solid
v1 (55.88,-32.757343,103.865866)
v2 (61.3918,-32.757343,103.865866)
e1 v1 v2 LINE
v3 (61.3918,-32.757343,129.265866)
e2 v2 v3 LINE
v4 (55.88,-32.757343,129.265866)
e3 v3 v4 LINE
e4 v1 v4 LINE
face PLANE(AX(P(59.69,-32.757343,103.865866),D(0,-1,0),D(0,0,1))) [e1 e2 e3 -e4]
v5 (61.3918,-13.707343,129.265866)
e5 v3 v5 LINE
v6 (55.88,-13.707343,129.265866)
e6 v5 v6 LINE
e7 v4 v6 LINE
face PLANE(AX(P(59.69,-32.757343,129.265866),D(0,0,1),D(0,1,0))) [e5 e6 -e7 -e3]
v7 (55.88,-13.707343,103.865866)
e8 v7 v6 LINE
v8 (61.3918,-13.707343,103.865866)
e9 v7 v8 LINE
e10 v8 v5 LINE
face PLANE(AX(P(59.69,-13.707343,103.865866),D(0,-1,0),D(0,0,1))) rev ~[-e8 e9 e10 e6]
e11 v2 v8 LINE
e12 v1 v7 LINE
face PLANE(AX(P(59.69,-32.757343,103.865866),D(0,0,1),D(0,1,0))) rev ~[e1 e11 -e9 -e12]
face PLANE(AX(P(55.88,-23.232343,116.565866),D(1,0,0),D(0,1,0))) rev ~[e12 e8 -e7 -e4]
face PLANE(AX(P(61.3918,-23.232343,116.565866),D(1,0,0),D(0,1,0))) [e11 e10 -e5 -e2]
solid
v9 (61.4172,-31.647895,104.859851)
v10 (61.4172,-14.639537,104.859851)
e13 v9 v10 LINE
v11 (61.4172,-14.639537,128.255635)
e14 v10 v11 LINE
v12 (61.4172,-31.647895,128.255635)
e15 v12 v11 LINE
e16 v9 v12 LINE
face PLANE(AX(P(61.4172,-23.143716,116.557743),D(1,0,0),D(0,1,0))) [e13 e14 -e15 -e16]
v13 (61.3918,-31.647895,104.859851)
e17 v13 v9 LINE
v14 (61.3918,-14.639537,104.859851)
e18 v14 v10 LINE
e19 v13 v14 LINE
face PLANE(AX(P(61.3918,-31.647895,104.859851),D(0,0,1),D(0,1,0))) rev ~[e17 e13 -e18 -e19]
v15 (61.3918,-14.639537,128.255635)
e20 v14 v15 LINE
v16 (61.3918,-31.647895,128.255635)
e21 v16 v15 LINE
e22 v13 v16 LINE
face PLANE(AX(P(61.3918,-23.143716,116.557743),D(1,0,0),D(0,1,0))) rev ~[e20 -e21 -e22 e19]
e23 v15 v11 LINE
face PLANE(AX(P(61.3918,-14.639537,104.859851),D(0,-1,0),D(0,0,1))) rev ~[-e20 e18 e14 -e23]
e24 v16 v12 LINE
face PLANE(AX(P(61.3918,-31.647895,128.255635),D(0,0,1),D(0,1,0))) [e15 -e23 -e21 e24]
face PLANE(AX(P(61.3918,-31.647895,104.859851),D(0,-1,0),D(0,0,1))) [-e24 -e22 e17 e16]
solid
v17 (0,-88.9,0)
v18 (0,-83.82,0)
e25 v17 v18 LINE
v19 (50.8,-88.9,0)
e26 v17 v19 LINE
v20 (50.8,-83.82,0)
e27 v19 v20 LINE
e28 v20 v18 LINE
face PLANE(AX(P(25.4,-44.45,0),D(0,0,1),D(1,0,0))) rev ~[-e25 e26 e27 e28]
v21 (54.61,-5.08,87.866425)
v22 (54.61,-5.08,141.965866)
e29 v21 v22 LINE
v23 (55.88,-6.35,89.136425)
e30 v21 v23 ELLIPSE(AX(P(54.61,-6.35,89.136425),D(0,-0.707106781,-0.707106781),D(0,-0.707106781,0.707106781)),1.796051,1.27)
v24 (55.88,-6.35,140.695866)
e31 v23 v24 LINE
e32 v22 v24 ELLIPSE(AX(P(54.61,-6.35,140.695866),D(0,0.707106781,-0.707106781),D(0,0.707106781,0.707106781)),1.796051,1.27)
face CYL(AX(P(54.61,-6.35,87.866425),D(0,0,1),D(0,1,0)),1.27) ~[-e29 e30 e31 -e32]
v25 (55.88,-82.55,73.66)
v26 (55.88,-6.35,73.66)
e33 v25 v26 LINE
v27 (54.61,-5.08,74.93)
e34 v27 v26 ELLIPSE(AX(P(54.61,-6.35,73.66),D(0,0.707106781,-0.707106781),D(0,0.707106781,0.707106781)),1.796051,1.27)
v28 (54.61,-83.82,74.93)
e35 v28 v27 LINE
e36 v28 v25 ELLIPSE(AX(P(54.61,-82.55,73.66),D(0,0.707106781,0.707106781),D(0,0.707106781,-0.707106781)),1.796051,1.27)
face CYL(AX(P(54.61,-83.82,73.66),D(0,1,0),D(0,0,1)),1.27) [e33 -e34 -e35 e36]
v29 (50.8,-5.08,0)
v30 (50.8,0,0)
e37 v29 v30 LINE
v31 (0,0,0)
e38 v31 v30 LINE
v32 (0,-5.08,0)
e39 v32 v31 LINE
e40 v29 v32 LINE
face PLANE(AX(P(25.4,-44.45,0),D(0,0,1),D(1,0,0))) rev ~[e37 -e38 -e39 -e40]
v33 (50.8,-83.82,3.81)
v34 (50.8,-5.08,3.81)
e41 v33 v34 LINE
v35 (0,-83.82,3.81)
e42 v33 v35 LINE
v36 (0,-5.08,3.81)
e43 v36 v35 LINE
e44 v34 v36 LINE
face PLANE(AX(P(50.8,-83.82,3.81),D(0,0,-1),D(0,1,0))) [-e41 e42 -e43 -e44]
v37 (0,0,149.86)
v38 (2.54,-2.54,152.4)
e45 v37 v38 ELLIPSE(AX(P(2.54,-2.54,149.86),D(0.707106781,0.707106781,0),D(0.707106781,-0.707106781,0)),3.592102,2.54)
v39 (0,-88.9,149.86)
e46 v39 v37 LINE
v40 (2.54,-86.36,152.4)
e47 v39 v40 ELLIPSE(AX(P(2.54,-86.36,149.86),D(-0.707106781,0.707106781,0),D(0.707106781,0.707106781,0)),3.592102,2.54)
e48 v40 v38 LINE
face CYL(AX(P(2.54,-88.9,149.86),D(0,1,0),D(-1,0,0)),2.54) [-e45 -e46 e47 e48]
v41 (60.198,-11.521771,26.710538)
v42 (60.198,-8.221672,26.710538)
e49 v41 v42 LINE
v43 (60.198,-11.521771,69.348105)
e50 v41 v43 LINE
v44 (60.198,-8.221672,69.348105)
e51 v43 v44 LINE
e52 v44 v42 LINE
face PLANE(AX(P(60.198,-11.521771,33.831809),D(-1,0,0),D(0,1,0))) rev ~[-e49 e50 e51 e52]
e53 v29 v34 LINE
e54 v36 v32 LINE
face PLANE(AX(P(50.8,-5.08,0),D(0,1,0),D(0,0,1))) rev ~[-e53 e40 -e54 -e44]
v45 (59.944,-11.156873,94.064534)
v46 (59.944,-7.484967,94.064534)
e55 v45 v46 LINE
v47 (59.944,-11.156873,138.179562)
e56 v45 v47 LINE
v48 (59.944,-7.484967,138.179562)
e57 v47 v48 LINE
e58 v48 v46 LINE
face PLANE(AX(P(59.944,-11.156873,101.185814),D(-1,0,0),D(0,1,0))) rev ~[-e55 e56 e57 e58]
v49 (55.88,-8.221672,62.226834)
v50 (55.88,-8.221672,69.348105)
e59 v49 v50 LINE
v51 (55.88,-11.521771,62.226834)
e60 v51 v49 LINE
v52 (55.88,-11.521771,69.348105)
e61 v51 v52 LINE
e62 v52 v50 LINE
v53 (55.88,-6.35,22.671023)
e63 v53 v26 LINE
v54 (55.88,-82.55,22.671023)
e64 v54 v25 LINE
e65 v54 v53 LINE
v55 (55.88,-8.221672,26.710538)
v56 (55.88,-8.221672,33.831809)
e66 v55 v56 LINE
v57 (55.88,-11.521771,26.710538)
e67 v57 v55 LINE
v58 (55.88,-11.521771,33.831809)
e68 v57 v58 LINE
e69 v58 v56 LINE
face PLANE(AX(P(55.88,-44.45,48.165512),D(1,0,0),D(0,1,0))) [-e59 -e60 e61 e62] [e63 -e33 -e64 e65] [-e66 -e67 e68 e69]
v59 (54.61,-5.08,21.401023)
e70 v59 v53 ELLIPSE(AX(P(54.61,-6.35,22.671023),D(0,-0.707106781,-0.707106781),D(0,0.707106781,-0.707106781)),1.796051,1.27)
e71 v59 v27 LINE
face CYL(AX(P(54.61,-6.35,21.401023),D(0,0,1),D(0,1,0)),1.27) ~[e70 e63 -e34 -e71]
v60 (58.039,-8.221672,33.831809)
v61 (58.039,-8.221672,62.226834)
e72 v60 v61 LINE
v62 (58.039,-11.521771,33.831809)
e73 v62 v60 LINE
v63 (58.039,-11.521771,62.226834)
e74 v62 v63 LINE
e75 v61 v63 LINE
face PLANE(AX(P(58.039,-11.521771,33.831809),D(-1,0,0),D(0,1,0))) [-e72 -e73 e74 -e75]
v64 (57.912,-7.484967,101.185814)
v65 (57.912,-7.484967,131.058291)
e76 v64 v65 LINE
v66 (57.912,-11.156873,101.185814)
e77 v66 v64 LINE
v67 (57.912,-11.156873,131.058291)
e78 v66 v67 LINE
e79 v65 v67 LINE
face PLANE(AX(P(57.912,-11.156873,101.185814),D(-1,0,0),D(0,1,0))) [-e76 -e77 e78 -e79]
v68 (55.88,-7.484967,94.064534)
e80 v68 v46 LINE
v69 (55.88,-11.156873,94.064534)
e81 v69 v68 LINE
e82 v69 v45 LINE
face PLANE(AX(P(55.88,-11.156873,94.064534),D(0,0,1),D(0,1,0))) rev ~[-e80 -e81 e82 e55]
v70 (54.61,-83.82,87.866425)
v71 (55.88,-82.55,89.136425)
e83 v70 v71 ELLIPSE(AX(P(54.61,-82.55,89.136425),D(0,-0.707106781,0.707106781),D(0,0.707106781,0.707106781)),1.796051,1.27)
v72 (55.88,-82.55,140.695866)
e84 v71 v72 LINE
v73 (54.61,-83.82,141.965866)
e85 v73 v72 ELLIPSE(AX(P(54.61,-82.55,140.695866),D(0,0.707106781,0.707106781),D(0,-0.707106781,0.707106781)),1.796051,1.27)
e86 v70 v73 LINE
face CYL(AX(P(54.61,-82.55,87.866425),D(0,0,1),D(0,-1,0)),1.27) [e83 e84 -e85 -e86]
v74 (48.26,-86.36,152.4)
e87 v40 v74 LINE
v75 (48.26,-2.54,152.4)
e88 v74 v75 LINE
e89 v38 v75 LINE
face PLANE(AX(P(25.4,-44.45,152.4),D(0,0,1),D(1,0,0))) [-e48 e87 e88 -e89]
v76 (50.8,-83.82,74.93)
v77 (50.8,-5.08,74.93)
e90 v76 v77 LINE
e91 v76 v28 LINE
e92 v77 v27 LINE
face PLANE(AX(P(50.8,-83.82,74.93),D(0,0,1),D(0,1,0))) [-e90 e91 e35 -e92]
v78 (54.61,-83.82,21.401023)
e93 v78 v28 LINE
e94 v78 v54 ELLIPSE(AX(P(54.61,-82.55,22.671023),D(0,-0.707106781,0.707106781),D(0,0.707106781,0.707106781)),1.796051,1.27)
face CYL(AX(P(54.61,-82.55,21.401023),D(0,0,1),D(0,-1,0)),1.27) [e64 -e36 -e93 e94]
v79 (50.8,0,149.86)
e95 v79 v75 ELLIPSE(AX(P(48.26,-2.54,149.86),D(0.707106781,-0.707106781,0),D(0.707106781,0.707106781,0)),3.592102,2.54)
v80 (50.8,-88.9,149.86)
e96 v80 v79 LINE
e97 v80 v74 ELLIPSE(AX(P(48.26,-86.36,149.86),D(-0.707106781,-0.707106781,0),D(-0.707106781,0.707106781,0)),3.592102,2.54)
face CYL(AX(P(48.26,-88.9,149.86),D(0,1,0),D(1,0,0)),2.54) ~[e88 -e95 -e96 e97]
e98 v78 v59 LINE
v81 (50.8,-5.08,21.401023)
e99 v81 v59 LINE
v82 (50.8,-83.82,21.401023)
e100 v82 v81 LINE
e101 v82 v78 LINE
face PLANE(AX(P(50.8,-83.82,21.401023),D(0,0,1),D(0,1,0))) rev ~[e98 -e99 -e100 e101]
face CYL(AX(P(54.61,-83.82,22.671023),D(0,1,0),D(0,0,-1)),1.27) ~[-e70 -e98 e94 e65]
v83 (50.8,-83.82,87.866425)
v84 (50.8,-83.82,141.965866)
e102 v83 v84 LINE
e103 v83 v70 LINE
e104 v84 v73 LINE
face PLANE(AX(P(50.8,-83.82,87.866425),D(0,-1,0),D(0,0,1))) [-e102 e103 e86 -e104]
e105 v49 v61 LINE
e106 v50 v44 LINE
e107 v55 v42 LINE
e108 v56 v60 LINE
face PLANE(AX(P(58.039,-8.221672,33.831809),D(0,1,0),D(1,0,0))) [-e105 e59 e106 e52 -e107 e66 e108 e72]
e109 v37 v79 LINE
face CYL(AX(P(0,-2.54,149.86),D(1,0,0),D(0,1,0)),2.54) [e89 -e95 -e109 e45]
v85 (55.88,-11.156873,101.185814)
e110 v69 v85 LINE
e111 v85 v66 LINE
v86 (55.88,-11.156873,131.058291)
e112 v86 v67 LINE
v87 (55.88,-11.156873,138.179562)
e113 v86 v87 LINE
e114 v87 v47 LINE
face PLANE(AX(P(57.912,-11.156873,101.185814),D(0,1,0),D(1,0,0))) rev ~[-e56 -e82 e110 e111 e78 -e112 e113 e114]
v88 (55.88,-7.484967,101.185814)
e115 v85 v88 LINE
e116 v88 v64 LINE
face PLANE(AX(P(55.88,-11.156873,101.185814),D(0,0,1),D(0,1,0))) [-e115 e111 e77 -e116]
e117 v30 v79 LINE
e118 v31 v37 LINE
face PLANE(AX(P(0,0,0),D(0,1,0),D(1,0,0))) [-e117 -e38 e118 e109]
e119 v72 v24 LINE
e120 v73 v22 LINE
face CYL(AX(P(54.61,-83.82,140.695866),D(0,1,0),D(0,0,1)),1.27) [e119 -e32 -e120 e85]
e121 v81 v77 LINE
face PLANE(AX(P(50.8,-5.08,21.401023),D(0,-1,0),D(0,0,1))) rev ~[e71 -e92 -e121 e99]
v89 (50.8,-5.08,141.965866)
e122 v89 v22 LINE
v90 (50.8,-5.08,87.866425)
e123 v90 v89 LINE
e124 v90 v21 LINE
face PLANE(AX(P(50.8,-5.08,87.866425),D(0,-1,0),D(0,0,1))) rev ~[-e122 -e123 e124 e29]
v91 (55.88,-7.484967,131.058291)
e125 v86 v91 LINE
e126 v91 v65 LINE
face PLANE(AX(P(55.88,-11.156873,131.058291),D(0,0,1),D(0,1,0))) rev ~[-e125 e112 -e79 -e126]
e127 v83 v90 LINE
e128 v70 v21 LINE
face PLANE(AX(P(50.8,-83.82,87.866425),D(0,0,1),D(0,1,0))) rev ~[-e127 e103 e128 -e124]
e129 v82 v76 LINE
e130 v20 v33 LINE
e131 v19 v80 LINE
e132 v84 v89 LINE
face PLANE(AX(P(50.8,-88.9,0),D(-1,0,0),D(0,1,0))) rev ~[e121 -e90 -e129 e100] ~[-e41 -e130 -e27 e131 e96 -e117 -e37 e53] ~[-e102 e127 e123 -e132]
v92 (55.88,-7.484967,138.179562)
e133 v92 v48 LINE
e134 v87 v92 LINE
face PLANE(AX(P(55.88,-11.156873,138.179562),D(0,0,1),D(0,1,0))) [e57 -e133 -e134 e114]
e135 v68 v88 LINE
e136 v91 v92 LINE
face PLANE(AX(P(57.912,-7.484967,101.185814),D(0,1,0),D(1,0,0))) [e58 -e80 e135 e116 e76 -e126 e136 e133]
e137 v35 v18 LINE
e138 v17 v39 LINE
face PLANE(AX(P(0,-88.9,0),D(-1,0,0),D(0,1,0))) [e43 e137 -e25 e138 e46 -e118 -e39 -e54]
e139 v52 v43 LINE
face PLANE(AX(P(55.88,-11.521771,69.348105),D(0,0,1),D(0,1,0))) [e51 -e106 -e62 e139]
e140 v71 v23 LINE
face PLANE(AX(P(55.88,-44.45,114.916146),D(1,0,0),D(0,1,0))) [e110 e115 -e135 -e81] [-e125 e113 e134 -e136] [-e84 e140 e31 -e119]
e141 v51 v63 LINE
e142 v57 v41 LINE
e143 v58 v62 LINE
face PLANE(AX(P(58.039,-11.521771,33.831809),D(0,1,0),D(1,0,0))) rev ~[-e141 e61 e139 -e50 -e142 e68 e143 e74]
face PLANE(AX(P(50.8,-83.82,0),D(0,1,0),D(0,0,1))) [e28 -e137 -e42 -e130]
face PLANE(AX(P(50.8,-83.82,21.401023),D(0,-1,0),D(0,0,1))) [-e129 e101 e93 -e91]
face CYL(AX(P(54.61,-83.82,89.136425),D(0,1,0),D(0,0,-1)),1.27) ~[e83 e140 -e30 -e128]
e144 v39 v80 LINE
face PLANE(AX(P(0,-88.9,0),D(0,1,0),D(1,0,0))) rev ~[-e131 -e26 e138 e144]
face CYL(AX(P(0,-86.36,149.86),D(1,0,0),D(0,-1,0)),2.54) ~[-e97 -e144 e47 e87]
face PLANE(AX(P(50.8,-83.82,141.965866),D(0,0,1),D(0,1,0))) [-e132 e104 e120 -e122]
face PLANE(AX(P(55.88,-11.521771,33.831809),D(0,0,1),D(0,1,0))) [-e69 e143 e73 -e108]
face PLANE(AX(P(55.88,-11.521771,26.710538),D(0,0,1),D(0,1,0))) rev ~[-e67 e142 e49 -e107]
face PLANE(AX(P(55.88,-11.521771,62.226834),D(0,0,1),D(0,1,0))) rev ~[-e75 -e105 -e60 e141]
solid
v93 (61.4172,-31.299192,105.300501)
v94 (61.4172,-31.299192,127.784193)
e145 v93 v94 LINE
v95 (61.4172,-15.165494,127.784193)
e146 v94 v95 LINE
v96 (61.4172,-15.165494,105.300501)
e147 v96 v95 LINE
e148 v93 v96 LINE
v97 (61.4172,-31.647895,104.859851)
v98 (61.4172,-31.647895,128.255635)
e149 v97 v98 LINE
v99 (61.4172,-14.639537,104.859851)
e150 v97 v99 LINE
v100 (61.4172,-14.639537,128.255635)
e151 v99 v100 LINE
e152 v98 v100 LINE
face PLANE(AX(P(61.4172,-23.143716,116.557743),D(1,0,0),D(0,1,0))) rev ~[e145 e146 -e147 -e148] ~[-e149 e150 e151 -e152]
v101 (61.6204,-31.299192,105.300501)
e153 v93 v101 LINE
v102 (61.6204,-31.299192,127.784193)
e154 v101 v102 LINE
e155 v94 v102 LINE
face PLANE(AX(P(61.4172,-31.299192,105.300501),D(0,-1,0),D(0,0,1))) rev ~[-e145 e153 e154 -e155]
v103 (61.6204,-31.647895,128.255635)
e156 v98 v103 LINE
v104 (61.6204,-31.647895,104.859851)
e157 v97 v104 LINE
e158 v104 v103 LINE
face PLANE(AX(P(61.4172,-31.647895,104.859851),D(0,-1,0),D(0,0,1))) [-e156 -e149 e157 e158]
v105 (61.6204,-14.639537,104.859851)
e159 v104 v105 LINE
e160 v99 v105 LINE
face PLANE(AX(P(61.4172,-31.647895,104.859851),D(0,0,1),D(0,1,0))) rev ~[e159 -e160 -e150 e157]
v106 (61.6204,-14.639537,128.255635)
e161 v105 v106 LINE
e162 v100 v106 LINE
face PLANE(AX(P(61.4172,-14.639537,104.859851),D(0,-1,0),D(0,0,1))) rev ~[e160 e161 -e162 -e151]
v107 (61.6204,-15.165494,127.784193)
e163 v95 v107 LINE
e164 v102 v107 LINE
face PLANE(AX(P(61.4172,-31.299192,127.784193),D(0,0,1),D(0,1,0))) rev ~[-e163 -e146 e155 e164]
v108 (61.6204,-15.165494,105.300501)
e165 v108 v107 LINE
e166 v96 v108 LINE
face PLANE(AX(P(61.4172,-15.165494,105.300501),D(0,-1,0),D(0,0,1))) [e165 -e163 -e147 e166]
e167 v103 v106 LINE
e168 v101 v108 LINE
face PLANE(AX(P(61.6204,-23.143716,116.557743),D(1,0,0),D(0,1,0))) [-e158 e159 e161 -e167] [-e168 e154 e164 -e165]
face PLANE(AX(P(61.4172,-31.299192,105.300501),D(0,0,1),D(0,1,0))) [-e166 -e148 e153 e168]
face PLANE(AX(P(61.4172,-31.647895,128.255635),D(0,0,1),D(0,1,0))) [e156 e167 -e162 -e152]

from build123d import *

# Parameters (mm, degrees)
F0_W      = 50.8
F0_H      = 88.9
F1_DEPTH  = 152.4
F2_R      = 2.54
F3_W      = 78.74
F3_H      = 54.0994407277
F3_H_2    = 53.5289765078
F4_DEPTH  = 5.08
F5_W      = 78.74
F5_H      = 3.81
F6_DEPTH  = 50.801
F7_W      = 19.05
F7_H      = 25.4
F8_DEPTH  = 3.81
F9_R      = 1.27
F10_W     = 3.6719054915
F10_H     = 7.1212798357
F10_H_2   = 7.121271
F11_DEPTH = 4.064
F12_W     = 2.032
F12_H     = 3.6719054915
F13_DEPTH = 29.9466
F14_W     = 3.3000995283
F14_H     = 7.121271
F15_DEPTH = 4.318
F16_W     = 2.159
F16_H     = 3.3000995283
F17_DEPTH = 28.702
F18_DEPTH = 1.7018
F19_W     = 17.0083576813
F19_H     = 23.3957841992
F20_DEPTH = 0.0254
F21_W     = 17.0083576813
F21_H     = 23.3957841992
F21_W_2   = 16.1336986348
F21_H_2   = 22.4836915731
F22_DEPTH = 0.2032


with BuildPart() as f1:
    # F0 (on Top) → F1 (new body)
    with BuildSketch(Plane.XY):
        with Locations((25.4, -44.45)):
            Rectangle(F0_W, F0_H)
    extrude(amount=F1_DEPTH)

    # F2
    f2_edges = [f1.edges().sort_by_distance(p)[0] for p in [
        (50.8, -44.45, 152.4),
        (25.4, -88.9, 152.4),
        (25.4, 0, 152.4),
        (0, -44.45, 152.4),
    ]]
    fillet(f2_edges, radius=F2_R)

    # F3 (on face) → F4 (join)
    with BuildSketch(Plane.YZ.offset(50.8)):
        with Locations((-44.45, 114.9161458015)):
            Rectangle(F3_W, F3_H)
        with Locations((-44.45, 48.1655117461)):
            Rectangle(F3_W, F3_H_2)
    extrude(amount=F4_DEPTH)

    # F5 (on face) → F6 (cut, through all)
    with BuildSketch(Plane.YZ.offset(50.8)):
        with Locations((-44.45, 1.905)):
            Rectangle(F5_W, F5_H)
    extrude(amount=-F6_DEPTH, mode=Mode.SUBTRACT)

    # F9
    f9_edges = [f1.edges().sort_by_distance(p)[0] for p in [
        (55.88, -44.45, 74.93),
        (55.88, -83.82, 48.165512),
        (55.88, -44.45, 21.401023),
        (55.88, -5.08, 48.165512),
        (55.88, -5.08, 114.916146),
        (55.88, -44.45, 87.866425),
        (55.88, -83.82, 114.916146),
        (55.88, -44.45, 141.965866),
    ]]
    fillet(f9_edges, radius=F9_R)

    # F10 (on face) → F11 (join)
    with BuildSketch(Plane.YZ.offset(55.88)):
        with Locations((-9.3209201004, 97.6251736283)):
            Rectangle(F10_W, F10_H)
        with Locations((-9.3209201004, 134.6189261008)):
            Rectangle(F10_W, F10_H_2)
    extrude(amount=F11_DEPTH)

    # F12 (on face) → F13 (join)
    with BuildSketch(Plane.XY.offset(101.1858135462)):
        with Locations((58.928, -9.3209201004)):
            Rectangle(F12_W, F12_H)
    extrude(amount=F13_DEPTH)

    # F14 (on face) → F15 (join)
    with BuildSketch(Plane.YZ.offset(55.88)):
        with Locations((-9.8717217334, 30.2711736936)):
            Rectangle(F14_W, F14_H)
        with Locations((-9.8717217334, 65.7874699682)):
            Rectangle(F14_W, F14_H)
    extrude(amount=F15_DEPTH)

    # F16 (on face) → F17 (join)
    with BuildSketch(Plane.XY.offset(33.8318091936)):
        with Locations((59.1185, -9.8717217334)):
            Rectangle(F16_W, F16_H)
    extrude(amount=F17_DEPTH)


with BuildPart() as f8:
    # F7 (on face) → F8 (new body)
    with BuildSketch(Plane.YZ.offset(55.88)):
        with Locations((-23.2323434122, 116.5658661654)):
            Rectangle(F7_W, F7_H)
    extrude(amount=F8_DEPTH)

    # F18 (add): faces of the model
    f18_faces = [f8.faces().sort_by_distance(p)[0] for p in [
        (59.69, -23.2323434122, 116.5658661654),
        (59.69, -23.2323434122, 116.5658661654),
        (59.69, -23.2323434122, 116.5658661654),
        (59.69, -23.2323434122, 116.5658661654),
    ]]
    extrude(f18_faces, amount=F18_DEPTH)


with BuildPart() as f20:
    # F19 (on face) → F20 (new body)
    with BuildSketch(Plane.YZ.offset(61.3918)):
        with Locations((-23.1437156908, 116.5577434003)):
            Rectangle(F19_W, F19_H)
    extrude(amount=F20_DEPTH)


with BuildPart() as f22:
    # F21 (on face) → F22 (new body)
    with BuildSketch(Plane.YZ.offset(61.4172)):
        with Locations((-23.1437156908, 116.5577434003)):
            Rectangle(F21_W, F21_H)
        with Locations((-23.232343141, 116.5423467755)):
            Rectangle(F21_W_2, F21_H_2, mode=Mode.SUBTRACT)
    extrude(amount=F22_DEPTH)


solid = Compound([f1.part, f8.part, f20.part, f22.part])
